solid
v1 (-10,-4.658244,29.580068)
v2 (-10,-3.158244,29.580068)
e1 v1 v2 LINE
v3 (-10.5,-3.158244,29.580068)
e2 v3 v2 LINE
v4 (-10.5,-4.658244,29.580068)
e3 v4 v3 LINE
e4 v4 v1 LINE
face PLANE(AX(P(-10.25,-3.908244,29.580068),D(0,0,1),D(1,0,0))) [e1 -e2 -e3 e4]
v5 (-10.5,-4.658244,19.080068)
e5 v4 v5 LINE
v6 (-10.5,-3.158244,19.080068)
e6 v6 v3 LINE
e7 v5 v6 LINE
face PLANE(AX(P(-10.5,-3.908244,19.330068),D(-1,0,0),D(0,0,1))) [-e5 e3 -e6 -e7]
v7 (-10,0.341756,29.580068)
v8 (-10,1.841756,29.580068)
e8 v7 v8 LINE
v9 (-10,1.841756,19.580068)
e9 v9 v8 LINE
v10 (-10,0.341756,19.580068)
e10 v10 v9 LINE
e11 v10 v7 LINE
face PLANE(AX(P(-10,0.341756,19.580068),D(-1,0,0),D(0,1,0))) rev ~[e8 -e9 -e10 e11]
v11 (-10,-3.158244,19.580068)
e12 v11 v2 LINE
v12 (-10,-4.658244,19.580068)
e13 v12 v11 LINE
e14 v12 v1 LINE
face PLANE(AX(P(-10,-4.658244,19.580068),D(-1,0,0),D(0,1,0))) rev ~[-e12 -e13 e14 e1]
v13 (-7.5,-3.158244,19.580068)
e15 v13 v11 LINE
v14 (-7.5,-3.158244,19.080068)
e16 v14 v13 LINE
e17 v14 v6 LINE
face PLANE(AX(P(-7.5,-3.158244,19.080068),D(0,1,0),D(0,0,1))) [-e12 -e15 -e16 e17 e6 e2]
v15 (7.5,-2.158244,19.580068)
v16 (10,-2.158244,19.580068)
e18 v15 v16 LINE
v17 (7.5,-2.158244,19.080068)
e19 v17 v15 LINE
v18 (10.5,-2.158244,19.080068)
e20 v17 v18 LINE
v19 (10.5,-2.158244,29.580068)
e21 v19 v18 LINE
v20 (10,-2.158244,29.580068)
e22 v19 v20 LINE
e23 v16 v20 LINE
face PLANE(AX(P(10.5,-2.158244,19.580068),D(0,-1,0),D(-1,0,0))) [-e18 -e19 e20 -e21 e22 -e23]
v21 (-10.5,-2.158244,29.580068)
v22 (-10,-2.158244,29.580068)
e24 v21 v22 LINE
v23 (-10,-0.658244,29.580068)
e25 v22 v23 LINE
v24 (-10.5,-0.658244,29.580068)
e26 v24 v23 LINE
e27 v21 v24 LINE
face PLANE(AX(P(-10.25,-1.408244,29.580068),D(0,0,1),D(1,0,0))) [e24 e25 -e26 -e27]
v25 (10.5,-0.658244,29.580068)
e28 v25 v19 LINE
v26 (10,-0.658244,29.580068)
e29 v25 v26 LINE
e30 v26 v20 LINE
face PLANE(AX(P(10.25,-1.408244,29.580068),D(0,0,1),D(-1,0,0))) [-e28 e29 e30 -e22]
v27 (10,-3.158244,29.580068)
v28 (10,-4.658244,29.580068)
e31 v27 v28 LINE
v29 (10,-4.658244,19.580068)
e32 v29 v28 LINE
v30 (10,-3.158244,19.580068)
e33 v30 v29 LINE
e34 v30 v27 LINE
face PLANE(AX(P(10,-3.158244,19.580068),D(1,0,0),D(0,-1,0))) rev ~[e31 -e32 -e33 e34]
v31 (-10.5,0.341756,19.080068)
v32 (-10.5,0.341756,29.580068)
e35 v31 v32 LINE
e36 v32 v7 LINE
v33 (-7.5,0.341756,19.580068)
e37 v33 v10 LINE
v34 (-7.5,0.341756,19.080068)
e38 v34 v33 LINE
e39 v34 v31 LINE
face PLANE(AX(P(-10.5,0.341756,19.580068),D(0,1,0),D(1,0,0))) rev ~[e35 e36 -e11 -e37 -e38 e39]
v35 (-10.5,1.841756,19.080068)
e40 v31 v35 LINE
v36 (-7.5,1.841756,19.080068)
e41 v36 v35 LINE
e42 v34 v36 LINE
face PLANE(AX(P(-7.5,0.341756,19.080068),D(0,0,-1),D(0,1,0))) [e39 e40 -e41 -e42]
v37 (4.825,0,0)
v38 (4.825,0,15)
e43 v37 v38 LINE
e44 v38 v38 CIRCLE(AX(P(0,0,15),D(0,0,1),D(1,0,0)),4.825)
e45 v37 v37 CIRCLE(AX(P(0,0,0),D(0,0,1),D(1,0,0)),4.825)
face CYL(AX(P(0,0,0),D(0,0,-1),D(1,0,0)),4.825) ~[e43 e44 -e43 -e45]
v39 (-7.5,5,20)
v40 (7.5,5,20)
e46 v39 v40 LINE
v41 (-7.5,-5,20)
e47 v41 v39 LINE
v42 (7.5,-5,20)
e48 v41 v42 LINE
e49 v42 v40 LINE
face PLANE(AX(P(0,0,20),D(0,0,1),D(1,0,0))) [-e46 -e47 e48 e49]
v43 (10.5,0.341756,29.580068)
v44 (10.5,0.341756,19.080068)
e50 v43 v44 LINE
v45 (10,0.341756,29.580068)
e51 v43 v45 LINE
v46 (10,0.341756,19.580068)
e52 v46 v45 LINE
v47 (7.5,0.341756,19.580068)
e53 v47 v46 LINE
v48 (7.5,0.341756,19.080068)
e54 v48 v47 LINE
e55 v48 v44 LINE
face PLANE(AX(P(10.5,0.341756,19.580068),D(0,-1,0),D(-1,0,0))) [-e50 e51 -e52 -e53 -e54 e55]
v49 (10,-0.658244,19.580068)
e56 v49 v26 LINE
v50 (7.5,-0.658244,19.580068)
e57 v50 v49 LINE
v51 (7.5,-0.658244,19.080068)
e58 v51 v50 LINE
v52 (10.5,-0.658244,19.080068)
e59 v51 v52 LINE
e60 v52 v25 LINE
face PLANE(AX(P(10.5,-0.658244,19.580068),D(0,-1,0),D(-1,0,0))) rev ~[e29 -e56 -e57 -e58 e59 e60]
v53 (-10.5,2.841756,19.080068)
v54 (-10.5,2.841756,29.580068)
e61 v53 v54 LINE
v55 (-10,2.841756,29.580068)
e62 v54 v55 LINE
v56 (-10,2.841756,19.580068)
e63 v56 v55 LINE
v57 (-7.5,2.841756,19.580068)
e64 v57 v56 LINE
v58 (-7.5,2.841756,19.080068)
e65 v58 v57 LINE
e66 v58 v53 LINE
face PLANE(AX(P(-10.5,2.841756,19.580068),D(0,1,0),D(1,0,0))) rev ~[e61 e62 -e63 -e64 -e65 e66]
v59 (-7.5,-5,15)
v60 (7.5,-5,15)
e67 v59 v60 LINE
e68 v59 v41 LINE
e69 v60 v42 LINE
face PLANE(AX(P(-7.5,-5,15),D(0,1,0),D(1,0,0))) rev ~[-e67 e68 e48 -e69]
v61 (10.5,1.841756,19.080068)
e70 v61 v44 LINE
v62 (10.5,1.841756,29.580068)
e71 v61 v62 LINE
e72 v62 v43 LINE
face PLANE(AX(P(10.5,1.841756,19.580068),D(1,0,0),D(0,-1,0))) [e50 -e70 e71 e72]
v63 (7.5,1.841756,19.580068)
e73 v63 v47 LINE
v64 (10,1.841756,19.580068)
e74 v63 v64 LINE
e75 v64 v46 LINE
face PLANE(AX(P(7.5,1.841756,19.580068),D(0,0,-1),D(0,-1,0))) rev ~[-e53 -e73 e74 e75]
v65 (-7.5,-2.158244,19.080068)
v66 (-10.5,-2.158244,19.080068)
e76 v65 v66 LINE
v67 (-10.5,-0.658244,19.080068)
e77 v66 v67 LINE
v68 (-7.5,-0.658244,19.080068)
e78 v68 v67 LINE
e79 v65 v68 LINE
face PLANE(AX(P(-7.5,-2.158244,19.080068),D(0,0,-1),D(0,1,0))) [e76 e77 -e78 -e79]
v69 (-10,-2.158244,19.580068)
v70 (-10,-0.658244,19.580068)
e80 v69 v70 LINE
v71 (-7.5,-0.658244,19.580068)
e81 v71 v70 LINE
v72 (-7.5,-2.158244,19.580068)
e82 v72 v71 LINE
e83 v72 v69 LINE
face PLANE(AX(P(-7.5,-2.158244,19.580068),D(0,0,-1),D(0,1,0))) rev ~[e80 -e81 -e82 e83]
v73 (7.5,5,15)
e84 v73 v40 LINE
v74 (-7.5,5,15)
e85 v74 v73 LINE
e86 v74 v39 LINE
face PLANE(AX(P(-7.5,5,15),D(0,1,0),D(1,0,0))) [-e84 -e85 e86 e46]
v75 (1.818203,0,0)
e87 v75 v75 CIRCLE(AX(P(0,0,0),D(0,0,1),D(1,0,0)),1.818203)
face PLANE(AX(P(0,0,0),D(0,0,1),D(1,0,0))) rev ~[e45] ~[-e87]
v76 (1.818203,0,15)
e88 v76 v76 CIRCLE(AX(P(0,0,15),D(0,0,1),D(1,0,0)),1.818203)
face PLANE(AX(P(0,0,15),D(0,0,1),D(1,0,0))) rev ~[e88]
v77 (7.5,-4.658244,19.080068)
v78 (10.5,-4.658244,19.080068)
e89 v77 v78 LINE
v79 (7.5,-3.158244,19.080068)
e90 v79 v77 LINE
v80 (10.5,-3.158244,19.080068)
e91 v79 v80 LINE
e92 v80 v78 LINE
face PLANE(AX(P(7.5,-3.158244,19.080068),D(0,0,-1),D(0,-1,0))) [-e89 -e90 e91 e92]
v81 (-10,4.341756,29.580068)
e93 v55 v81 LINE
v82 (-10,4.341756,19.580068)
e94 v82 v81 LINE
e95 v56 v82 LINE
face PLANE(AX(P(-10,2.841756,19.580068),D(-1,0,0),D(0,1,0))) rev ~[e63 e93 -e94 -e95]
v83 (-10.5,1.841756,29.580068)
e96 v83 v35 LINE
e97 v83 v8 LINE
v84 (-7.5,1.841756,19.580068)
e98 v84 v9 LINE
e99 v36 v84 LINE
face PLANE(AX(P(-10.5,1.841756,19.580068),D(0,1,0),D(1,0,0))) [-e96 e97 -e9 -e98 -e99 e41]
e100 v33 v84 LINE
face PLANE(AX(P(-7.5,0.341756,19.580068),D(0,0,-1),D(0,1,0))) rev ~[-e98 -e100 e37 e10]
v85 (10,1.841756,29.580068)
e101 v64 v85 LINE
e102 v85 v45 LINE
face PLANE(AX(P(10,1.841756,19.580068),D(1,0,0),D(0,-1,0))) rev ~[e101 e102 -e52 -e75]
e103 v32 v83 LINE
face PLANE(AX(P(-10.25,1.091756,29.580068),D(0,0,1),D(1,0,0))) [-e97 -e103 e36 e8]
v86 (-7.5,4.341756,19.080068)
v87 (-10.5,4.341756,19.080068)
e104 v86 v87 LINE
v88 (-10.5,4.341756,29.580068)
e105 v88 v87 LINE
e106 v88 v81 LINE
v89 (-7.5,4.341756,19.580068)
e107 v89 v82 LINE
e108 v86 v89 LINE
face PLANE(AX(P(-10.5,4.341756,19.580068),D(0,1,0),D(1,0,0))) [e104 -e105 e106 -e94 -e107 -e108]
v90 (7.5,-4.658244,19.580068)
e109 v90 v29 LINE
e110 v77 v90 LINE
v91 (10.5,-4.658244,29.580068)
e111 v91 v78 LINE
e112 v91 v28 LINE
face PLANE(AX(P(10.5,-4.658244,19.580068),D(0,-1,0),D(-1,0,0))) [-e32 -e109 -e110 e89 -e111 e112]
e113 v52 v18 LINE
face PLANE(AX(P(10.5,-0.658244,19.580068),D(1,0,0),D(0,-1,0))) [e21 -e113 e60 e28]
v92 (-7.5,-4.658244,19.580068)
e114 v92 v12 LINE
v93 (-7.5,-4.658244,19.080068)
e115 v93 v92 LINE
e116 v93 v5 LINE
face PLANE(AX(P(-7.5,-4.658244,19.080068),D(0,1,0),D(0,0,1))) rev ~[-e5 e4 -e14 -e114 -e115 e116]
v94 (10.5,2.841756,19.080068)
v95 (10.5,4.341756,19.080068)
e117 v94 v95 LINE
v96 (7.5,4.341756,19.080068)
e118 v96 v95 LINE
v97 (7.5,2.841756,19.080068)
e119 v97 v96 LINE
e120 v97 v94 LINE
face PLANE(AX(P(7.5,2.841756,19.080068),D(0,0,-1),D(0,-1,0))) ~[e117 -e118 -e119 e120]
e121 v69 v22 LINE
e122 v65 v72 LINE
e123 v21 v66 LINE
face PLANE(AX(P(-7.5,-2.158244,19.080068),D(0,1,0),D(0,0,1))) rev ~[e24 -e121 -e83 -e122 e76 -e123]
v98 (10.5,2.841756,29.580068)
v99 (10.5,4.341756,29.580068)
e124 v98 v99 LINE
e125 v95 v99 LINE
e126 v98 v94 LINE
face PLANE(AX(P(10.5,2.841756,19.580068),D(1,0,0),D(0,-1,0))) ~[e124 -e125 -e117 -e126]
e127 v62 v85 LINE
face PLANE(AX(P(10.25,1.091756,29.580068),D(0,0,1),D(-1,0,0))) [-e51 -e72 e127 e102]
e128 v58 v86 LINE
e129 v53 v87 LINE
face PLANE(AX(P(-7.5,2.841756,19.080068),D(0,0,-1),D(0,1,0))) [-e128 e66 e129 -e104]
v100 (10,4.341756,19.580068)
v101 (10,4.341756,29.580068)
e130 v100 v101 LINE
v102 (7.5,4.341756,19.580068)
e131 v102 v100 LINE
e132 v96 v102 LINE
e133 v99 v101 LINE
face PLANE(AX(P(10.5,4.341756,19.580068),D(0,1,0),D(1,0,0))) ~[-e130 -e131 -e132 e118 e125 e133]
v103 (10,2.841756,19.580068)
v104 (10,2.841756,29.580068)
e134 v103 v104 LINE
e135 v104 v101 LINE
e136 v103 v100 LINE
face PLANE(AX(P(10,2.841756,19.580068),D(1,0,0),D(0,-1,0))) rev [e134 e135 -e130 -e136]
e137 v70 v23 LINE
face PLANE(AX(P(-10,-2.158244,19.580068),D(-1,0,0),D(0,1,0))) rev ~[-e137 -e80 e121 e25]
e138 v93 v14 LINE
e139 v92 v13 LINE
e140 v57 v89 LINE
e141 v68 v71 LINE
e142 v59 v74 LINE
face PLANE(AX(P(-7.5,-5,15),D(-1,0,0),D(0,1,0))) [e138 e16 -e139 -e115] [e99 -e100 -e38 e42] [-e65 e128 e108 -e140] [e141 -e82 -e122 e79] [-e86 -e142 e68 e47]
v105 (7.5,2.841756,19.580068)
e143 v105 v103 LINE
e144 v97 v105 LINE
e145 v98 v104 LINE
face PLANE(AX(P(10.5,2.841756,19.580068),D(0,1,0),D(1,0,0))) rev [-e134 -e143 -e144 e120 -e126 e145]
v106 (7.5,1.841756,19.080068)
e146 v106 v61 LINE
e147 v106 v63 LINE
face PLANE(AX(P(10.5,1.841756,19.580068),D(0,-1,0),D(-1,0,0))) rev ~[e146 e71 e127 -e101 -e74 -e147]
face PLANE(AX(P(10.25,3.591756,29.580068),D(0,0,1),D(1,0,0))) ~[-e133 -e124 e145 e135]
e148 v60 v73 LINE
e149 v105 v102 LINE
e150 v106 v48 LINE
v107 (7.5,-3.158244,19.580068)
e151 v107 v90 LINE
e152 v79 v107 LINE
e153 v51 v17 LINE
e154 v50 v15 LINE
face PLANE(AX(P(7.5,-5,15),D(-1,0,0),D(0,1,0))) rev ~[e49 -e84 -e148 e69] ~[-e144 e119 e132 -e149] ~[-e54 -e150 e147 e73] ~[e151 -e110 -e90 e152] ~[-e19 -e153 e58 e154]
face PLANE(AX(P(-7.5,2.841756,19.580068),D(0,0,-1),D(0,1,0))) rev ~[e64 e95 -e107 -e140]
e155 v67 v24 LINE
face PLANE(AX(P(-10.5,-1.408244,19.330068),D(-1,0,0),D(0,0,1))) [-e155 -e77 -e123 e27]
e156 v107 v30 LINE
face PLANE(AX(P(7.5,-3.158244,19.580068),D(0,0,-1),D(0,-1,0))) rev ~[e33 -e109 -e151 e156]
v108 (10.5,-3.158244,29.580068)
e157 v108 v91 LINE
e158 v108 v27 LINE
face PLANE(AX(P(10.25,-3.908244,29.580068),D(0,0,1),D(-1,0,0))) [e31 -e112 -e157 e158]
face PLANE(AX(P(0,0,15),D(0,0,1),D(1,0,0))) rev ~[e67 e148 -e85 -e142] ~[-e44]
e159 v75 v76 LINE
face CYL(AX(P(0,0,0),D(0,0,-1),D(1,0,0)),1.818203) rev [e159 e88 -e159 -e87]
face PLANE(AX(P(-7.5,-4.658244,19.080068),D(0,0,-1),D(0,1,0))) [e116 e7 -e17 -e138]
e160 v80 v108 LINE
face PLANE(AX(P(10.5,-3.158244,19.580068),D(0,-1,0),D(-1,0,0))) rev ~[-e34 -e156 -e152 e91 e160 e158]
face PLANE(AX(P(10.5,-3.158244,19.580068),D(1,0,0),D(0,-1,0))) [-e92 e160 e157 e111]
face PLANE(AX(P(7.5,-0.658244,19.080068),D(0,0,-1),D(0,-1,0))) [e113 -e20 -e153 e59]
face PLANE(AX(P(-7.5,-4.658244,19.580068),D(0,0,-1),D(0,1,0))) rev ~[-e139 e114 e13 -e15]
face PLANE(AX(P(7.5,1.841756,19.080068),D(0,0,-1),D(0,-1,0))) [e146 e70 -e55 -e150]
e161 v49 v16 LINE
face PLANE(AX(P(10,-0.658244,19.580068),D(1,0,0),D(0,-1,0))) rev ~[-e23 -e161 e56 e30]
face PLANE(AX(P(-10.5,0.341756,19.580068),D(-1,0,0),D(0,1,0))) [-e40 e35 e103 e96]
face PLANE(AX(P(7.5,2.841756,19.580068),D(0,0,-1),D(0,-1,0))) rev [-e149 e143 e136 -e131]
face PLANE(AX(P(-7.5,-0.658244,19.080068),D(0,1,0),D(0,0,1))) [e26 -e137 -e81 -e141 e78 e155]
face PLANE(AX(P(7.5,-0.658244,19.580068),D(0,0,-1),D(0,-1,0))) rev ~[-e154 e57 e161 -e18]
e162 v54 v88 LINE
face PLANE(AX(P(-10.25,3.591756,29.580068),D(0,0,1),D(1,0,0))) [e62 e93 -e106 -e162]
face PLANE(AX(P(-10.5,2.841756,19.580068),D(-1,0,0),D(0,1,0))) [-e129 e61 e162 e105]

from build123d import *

# Parameters (mm, degrees)
SKETCH1_R               = 4.825
SKETCH1_R_2             = 1.818202682
BOSS_EXTRUDE1_DEPTH     = 15
SKETCH2_W               = 15
SKETCH2_H               = 10
BOSS_EXTRUDE2_DEPTH     = 5
SKETCH3_W               = 0.5
SKETCH3_H               = 1.5
BOSS_EXTRUDE3_DEPTH     = 3
SKETCH4_W               = 0.5
SKETCH4_H               = 1.5
BOSS_EXTRUDE4_DEPTH     = 10
LPATTERN2_COUNT         = 4
LPATTERN2_PITCH         = 2.5
MIRROR1_COPY_1_SKETCH_W = 0.5
MIRROR1_COPY_1_SKETCH_H = 1.5
MIRROR1_COPY_1_DEPTH    = 3
MIRROR1_COPY_2_SKETCH_W = 0.5
MIRROR1_COPY_2_SKETCH_H = 1.5
MIRROR1_COPY_2_DEPTH    = 3
MIRROR1_COPY_3_SKETCH_W = 0.5
MIRROR1_COPY_3_SKETCH_H = 1.5
MIRROR1_COPY_3_DEPTH    = 3
MIRROR1_COPY_4_SKETCH_W = 0.5
MIRROR1_COPY_4_SKETCH_H = 1.5
MIRROR1_COPY_4_DEPTH    = 10
MIRROR1_COPY_5_SKETCH_W = 0.5
MIRROR1_COPY_5_SKETCH_H = 1.5
MIRROR1_COPY_5_DEPTH    = 10
MIRROR1_COPY_6_SKETCH_W = 0.5
MIRROR1_COPY_6_SKETCH_H = 1.5
MIRROR1_COPY_6_DEPTH    = 10


with BuildPart() as part:
    # Sketch1 → Boss-Extrude1 (new body)
    with BuildSketch(Plane.XY):
        Circle(SKETCH1_R)
        Circle(SKETCH1_R_2, mode=Mode.SUBTRACT)
    extrude(amount=BOSS_EXTRUDE1_DEPTH)

    # Sketch2 → Boss-Extrude2 (add)
    with BuildSketch(Plane.XY.offset(15)):
        Rectangle(SKETCH2_W, SKETCH2_H)
    extrude(amount=BOSS_EXTRUDE2_DEPTH)

    # Sketch3 → Boss-Extrude3 (add)
    with BuildSketch(Plane.ZY.offset(7.5)):
        with Locations((19.330067801, 3.591756208)):
            Rectangle(SKETCH3_W, SKETCH3_H)
    boss_extrude3 = extrude(amount=BOSS_EXTRUDE3_DEPTH)

    # Sketch4 → Boss-Extrude4 (add)
    with BuildSketch(Plane.XY.offset(19.580067801)):
        with Locations((-10.25, 3.591756208)):
            Rectangle(SKETCH4_W, SKETCH4_H)
    boss_extrude4 = extrude(amount=BOSS_EXTRUDE4_DEPTH)

    # LPattern2: Boss-Extrude3, Boss-Extrude4 ×4
    with Locations(*[(0, -i * LPATTERN2_PITCH, 0) for i in range(1, LPATTERN2_COUNT)]):
        add(boss_extrude3)
        add(boss_extrude4)

    # Mirror1: Boss-Extrude3, Boss-Extrude4 across plane
    add(boss_extrude3.mirror(Plane(origin=(0, 0, 0), x_dir=(0, 0, 1), z_dir=(1, 0, 0))))
    add(boss_extrude4.mirror(Plane(origin=(0, 0, 0), x_dir=(0, 0, 1), z_dir=(1, 0, 0))))

    # Mirror1 copy 1 sketch → Mirror1 copy 1 (add)
    with BuildSketch(Plane(origin=(7.5, -2.5, 0), x_dir=(0, 0, 1), z_dir=(1, 0, 0))):
        with Locations((19.330067801, -3.591756208)):
            Rectangle(MIRROR1_COPY_1_SKETCH_W, MIRROR1_COPY_1_SKETCH_H)
    extrude(amount=MIRROR1_COPY_1_DEPTH)

    # Mirror1 copy 2 sketch → Mirror1 copy 2 (add)
    with BuildSketch(Plane(origin=(7.5, -5, 0), x_dir=(0, 0, 1), z_dir=(1, 0, 0))):
        with Locations((19.330067801, -3.591756208)):
            Rectangle(MIRROR1_COPY_2_SKETCH_W, MIRROR1_COPY_2_SKETCH_H)
    extrude(amount=MIRROR1_COPY_2_DEPTH)

    # Mirror1 copy 3 sketch → Mirror1 copy 3 (add)
    with BuildSketch(Plane(origin=(7.5, -7.5, 0), x_dir=(0, 0, 1), z_dir=(1, 0, 0))):
        with Locations((19.330067801, -3.591756208)):
            Rectangle(MIRROR1_COPY_3_SKETCH_W, MIRROR1_COPY_3_SKETCH_H)
    extrude(amount=MIRROR1_COPY_3_DEPTH)

    # Mirror1 copy 4 sketch → Mirror1 copy 4 (add)
    with BuildSketch(Plane(origin=(0, -2.5, 19.580067801), x_dir=(-1, 0, 0), z_dir=(0, 0, 1))):
        with Locations((-10.25, -3.591756208)):
            Rectangle(MIRROR1_COPY_4_SKETCH_W, MIRROR1_COPY_4_SKETCH_H)
    extrude(amount=MIRROR1_COPY_4_DEPTH)

    # Mirror1 copy 5 sketch → Mirror1 copy 5 (add)
    with BuildSketch(Plane(origin=(0, -5, 19.580067801), x_dir=(-1, 0, 0), z_dir=(0, 0, 1))):
        with Locations((-10.25, -3.591756208)):
            Rectangle(MIRROR1_COPY_5_SKETCH_W, MIRROR1_COPY_5_SKETCH_H)
    extrude(amount=MIRROR1_COPY_5_DEPTH)

    # Mirror1 copy 6 sketch → Mirror1 copy 6 (add)
    with BuildSketch(Plane(origin=(0, -7.5, 19.580067801), x_dir=(-1, 0, 0), z_dir=(0, 0, 1))):
        with Locations((-10.25, -3.591756208)):
            Rectangle(MIRROR1_COPY_6_SKETCH_W, MIRROR1_COPY_6_SKETCH_H)
    extrude(amount=MIRROR1_COPY_6_DEPTH)


solid = part.part
